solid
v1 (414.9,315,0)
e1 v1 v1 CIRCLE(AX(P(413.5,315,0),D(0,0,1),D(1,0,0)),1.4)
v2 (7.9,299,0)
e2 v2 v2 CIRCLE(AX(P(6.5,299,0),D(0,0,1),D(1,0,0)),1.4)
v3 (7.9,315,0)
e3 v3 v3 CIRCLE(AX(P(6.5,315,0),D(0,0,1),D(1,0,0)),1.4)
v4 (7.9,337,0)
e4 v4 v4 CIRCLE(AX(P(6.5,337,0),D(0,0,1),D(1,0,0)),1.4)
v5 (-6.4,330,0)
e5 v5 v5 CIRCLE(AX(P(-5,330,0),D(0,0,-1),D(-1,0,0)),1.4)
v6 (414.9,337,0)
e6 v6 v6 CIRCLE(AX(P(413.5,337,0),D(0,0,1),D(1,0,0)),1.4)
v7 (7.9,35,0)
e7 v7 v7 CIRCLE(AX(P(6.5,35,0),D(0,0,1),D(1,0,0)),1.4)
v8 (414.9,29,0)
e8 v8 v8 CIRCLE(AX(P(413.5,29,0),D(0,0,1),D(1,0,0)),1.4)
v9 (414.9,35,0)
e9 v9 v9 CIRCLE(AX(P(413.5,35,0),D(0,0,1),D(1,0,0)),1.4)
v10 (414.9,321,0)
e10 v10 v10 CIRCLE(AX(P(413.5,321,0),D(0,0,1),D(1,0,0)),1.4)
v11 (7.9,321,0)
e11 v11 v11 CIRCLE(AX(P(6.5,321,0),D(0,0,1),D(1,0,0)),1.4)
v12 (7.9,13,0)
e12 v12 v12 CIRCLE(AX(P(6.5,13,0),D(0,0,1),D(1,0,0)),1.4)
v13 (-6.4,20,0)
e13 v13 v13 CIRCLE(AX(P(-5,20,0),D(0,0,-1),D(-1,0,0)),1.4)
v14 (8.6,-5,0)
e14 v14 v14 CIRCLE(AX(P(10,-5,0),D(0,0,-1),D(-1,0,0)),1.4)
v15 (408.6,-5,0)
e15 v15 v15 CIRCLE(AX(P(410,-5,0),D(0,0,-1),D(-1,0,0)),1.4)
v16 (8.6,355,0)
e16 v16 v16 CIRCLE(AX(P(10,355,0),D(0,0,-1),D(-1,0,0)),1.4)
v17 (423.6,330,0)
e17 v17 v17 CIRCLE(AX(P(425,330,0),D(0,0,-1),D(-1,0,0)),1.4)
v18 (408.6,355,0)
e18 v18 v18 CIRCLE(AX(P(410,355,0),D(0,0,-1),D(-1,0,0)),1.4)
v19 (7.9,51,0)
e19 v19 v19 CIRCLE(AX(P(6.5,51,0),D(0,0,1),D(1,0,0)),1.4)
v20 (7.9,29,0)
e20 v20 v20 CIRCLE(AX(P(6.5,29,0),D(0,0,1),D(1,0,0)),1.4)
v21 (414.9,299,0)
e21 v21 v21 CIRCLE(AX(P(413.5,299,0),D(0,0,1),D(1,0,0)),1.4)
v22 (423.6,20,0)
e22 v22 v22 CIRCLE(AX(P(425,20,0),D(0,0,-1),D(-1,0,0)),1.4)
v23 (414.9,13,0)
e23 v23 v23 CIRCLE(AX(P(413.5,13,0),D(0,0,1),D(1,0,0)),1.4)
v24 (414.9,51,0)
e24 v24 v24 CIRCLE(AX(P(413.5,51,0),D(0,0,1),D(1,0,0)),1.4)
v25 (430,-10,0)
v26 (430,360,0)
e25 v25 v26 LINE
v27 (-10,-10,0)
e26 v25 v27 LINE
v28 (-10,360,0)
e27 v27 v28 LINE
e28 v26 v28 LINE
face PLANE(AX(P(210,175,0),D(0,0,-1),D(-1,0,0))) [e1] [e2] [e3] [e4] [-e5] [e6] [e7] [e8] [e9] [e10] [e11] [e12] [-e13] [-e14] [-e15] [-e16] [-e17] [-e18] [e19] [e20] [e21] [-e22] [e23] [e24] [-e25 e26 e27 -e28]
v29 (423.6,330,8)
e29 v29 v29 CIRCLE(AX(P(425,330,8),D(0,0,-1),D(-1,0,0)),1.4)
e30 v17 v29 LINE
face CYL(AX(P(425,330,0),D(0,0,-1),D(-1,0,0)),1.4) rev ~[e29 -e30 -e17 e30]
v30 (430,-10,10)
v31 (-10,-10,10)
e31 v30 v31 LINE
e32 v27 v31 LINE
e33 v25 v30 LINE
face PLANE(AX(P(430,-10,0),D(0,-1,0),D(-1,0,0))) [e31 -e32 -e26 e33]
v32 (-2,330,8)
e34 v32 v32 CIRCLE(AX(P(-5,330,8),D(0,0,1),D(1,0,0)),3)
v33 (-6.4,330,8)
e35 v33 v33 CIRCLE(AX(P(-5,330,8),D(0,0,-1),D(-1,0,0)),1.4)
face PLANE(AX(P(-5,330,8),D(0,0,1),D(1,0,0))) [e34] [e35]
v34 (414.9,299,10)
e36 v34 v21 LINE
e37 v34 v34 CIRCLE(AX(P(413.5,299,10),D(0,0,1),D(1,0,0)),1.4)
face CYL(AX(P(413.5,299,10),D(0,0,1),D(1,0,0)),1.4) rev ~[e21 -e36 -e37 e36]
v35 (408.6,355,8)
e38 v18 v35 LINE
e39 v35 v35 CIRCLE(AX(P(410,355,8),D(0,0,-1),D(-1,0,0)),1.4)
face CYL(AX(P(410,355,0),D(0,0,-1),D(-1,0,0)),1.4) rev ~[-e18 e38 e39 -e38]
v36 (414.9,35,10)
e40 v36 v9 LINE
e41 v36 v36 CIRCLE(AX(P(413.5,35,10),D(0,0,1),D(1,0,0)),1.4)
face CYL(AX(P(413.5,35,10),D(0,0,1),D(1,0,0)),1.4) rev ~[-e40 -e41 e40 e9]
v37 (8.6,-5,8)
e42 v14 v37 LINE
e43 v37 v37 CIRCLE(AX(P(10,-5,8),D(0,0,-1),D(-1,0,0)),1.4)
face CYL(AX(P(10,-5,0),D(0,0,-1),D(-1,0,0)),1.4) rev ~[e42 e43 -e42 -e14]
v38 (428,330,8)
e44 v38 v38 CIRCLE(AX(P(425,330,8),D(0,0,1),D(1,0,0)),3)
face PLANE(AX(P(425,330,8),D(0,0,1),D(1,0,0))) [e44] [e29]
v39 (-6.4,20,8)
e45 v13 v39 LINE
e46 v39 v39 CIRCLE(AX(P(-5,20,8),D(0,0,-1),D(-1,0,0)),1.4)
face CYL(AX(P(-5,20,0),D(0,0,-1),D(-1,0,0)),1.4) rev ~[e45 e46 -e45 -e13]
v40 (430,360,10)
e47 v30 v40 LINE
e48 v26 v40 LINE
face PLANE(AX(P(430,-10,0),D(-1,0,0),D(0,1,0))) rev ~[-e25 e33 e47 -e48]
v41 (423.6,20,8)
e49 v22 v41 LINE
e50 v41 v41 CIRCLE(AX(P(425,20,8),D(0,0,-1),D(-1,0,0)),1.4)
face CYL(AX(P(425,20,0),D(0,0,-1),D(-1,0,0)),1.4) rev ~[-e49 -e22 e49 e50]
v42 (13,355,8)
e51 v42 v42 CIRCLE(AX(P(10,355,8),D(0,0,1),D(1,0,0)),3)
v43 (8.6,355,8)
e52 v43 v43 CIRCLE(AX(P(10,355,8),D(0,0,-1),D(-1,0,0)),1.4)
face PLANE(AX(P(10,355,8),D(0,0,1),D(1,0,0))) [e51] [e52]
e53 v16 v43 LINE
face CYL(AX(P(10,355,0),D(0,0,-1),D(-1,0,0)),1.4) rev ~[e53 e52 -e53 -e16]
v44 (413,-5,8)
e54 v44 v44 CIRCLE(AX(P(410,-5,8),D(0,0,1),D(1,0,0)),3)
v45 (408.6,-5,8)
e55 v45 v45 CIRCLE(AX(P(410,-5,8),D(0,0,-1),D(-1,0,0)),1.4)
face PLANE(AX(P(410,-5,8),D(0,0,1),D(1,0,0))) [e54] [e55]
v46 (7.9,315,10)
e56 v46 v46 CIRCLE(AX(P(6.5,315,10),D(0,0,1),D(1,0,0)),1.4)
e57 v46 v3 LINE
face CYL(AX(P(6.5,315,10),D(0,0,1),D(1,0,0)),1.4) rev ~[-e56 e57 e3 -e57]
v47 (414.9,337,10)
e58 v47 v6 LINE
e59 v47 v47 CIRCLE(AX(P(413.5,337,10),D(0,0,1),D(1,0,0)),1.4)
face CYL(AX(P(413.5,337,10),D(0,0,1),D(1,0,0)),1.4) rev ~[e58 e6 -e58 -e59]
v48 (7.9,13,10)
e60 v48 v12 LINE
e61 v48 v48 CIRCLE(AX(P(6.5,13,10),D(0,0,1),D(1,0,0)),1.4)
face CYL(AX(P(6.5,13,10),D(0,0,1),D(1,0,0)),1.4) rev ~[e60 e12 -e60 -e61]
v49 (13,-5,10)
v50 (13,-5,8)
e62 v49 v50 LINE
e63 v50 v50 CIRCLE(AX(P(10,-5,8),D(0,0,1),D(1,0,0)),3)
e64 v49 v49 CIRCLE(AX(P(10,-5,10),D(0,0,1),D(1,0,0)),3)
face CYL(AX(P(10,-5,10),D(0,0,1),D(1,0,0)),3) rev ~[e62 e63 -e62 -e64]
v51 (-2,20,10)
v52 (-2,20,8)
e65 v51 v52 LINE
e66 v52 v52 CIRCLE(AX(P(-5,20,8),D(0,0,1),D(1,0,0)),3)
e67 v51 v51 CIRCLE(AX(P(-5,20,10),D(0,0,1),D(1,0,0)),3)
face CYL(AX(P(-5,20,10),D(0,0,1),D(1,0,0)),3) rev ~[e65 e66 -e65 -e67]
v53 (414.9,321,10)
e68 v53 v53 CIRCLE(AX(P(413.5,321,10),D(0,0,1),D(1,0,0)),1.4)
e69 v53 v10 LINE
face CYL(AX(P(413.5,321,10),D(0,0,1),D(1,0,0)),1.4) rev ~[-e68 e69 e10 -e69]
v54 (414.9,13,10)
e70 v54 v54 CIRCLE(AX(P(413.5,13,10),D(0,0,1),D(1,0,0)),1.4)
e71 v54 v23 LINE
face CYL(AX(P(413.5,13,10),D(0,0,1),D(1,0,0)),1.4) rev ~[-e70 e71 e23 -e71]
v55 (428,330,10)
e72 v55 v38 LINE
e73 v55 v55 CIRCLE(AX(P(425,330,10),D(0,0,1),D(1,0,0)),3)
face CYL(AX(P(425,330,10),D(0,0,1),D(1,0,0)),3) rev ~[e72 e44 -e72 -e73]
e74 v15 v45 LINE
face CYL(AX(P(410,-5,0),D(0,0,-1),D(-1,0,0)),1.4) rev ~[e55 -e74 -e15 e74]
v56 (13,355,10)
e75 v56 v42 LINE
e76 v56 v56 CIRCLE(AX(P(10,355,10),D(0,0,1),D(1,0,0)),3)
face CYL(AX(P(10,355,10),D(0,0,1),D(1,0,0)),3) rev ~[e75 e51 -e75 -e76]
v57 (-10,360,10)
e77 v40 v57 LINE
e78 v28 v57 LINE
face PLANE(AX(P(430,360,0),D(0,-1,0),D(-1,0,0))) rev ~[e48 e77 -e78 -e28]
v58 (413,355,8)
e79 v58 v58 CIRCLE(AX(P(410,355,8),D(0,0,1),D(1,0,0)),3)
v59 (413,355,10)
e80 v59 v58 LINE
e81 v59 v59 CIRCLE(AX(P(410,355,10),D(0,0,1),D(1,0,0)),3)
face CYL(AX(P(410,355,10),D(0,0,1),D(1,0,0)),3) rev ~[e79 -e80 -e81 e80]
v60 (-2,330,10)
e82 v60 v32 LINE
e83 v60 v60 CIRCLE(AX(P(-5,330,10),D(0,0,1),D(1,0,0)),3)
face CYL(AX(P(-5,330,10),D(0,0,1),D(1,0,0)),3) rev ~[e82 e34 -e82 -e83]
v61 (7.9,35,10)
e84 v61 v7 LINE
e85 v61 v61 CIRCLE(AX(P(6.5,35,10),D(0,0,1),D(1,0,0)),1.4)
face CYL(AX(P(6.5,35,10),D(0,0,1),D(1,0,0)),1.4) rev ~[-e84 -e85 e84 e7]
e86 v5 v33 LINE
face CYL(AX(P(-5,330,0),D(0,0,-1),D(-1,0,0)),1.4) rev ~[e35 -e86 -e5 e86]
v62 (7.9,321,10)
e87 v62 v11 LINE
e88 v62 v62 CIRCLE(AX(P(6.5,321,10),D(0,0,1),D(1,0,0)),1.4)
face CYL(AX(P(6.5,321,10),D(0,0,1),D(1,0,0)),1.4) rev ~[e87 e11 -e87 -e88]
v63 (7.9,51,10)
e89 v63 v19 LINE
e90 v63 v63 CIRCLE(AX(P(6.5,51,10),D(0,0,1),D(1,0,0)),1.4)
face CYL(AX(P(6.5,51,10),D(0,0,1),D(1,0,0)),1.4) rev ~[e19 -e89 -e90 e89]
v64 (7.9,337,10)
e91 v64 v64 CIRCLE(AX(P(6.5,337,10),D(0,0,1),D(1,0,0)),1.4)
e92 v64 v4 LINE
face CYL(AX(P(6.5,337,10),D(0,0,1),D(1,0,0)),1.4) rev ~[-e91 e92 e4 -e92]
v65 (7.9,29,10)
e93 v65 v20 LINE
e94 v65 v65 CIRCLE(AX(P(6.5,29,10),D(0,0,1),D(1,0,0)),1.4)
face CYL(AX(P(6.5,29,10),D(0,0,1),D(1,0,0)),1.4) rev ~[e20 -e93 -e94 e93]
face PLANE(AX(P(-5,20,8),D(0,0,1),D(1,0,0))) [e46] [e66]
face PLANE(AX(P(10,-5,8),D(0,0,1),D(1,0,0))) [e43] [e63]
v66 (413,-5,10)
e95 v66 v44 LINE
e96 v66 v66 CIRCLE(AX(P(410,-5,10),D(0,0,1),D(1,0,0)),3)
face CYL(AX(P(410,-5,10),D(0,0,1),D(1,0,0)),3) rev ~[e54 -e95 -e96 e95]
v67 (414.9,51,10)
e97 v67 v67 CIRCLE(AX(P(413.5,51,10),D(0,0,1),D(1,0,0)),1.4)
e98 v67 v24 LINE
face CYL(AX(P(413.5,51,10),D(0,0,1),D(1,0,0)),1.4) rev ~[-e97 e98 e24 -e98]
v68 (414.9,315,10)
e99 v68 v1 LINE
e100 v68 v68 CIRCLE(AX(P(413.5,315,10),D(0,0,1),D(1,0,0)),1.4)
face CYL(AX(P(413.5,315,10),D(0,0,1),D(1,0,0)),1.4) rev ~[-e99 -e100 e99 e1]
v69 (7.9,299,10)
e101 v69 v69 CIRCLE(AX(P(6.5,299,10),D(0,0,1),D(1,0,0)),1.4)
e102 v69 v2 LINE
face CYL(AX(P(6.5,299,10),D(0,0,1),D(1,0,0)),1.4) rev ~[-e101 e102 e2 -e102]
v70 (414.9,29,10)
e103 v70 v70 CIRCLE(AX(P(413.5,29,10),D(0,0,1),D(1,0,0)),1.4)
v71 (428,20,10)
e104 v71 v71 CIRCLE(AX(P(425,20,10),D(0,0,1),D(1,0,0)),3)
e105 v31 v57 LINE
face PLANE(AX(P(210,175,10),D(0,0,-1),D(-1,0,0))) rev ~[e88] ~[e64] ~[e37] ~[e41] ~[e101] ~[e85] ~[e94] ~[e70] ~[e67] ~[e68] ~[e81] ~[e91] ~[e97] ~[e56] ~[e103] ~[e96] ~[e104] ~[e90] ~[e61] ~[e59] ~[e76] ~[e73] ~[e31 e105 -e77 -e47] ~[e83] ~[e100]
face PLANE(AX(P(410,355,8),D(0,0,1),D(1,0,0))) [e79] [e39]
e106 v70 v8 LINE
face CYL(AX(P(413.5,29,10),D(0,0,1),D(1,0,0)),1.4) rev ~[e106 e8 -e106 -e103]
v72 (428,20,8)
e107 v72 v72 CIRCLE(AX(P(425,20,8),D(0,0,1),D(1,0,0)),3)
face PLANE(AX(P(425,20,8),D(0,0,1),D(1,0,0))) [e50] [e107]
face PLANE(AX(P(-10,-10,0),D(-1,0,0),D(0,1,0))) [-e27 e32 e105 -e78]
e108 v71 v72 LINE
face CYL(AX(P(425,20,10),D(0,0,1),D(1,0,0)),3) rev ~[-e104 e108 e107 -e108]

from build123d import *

# Parameters (mm, degrees)
SKETCH1_W            = 420
SKETCH1_H            = 350
BOSS_EXTRUDE1_DEPTH  = 10
SKETCH29_W           = 440
SKETCH29_H           = 370
BOSS_EXTRUDE11_DEPTH = 10
SKETCH30_R           = 3
CUT_EXTRUDE1_DEPTH   = 561.892146495
SKETCH33_R           = 3.469429077
SKETCH33_R_2         = 4.503034471
SKETCH33_R_3         = 4.282629776
SKETCH33_R_4         = 4.627633979
BOSS_EXTRUDE12_DEPTH = 10
SKETCH32_R           = 1.4
CUT_EXTRUDE3_DEPTH   = 10
SKETCH35_R           = 1.4
CUT_EXTRUDE5_DEPTH   = 10
SKETCH37_R           = 3
CUT_EXTRUDE7_DEPTH   = 2


with BuildPart() as part:
    # Sketch1 → Boss-Extrude1 (new body)
    with BuildSketch(Plane.XY):
        with Locations((210, 175)):
            Rectangle(SKETCH1_W, SKETCH1_H)
    extrude(amount=BOSS_EXTRUDE1_DEPTH)

    # Sketch29 → Boss-Extrude11 (add)
    with BuildSketch(Plane(origin=(0, 0, 0), x_dir=(-1, 0, 0), z_dir=(0, 0, -1))):
        with Locations((-210, 175)):
            Rectangle(SKETCH29_W, SKETCH29_H)
    extrude(amount=-BOSS_EXTRUDE11_DEPTH)

    # Sketch30 → Cut-Extrude1 (cut, through all)
    with BuildSketch(Plane(origin=(0, 0, 0), x_dir=(-1, 0, 0), z_dir=(0, 0, -1))):
        with Locations((-424, 354)):
            Circle(SKETCH30_R)
        with Locations((-424, -4)):
            Circle(SKETCH30_R)
        with Locations((4, -4)):
            Circle(SKETCH30_R)
        with Locations((4, 354)):
            Circle(SKETCH30_R)
    extrude(amount=-CUT_EXTRUDE1_DEPTH, mode=Mode.SUBTRACT)

    # Sketch33 → Boss-Extrude12 (add)
    with BuildSketch(Plane.XY.offset(10)):
        with Locations((-4, 354)):
            Circle(SKETCH33_R)
        with Locations((-4, -4)):
            Circle(SKETCH33_R_2)
        with Locations((424, -4)):
            Circle(SKETCH33_R_3)
        with Locations((424, 354)):
            Circle(SKETCH33_R_4)
    extrude(amount=-BOSS_EXTRUDE12_DEPTH)

    # Sketch32 → Cut-Extrude3 (cut)
    with BuildSketch(Plane.XY.offset(10)):
        with Locations((6.5, 337)):
            Circle(SKETCH32_R)
        with Locations((6.5, 321)):
            Circle(SKETCH32_R)
        with Locations((6.5, 315)):
            Circle(SKETCH32_R)
        with Locations((6.5, 299)):
            Circle(SKETCH32_R)
        with Locations((6.5, 51)):
            Circle(SKETCH32_R)
        with Locations((6.5, 35)):
            Circle(SKETCH32_R)
        with Locations((6.5, 29)):
            Circle(SKETCH32_R)
        with Locations((6.5, 13)):
            Circle(SKETCH32_R)
        with Locations((413.5, 13)):
            Circle(SKETCH32_R)
        with Locations((413.5, 29)):
            Circle(SKETCH32_R)
        with Locations((413.5, 35)):
            Circle(SKETCH32_R)
        with Locations((413.5, 51)):
            Circle(SKETCH32_R)
        with Locations((413.5, 299)):
            Circle(SKETCH32_R)
        with Locations((413.5, 321)):
            Circle(SKETCH32_R)
        with Locations((413.5, 315)):
            Circle(SKETCH32_R)
        with Locations((413.5, 337)):
            Circle(SKETCH32_R)
    extrude(amount=-CUT_EXTRUDE3_DEPTH, mode=Mode.SUBTRACT)

    # Sketch35 → Cut-Extrude5 (cut)
    with BuildSketch(Plane(origin=(0, 0, 0), x_dir=(-1, 0, 0), z_dir=(0, 0, -1))):
        with Locations((-410, 355)):
            Circle(SKETCH35_R)
        with Locations((-10, 355)):
            Circle(SKETCH35_R)
        with Locations((5, 330)):
            Circle(SKETCH35_R)
        with Locations((5, 20)):
            Circle(SKETCH35_R)
        with Locations((-10, -5)):
            Circle(SKETCH35_R)
        with Locations((-410, -5)):
            Circle(SKETCH35_R)
        with Locations((-425, 330)):
            Circle(SKETCH35_R)
        with Locations((-425, 20)):
            Circle(SKETCH35_R)
    extrude(amount=-CUT_EXTRUDE5_DEPTH, mode=Mode.SUBTRACT)

    # Sketch37 → Cut-Extrude7 (cut)
    with BuildSketch(Plane.XY.offset(10)):
        with Locations((10, 355)):
            Circle(SKETCH37_R)
        with Locations((-5, 330)):
            Circle(SKETCH37_R)
        with Locations((-5, 20)):
            Circle(SKETCH37_R)
        with Locations((10, -5)):
            Circle(SKETCH37_R)
        with Locations((410, -5)):
            Circle(SKETCH37_R)
        with Locations((425, 20)):
            Circle(SKETCH37_R)
        with Locations((410, 355)):
            Circle(SKETCH37_R)
        with Locations((425, 330)):
            Circle(SKETCH37_R)
    extrude(amount=-CUT_EXTRUDE7_DEPTH, mode=Mode.SUBTRACT)


solid = part.part
